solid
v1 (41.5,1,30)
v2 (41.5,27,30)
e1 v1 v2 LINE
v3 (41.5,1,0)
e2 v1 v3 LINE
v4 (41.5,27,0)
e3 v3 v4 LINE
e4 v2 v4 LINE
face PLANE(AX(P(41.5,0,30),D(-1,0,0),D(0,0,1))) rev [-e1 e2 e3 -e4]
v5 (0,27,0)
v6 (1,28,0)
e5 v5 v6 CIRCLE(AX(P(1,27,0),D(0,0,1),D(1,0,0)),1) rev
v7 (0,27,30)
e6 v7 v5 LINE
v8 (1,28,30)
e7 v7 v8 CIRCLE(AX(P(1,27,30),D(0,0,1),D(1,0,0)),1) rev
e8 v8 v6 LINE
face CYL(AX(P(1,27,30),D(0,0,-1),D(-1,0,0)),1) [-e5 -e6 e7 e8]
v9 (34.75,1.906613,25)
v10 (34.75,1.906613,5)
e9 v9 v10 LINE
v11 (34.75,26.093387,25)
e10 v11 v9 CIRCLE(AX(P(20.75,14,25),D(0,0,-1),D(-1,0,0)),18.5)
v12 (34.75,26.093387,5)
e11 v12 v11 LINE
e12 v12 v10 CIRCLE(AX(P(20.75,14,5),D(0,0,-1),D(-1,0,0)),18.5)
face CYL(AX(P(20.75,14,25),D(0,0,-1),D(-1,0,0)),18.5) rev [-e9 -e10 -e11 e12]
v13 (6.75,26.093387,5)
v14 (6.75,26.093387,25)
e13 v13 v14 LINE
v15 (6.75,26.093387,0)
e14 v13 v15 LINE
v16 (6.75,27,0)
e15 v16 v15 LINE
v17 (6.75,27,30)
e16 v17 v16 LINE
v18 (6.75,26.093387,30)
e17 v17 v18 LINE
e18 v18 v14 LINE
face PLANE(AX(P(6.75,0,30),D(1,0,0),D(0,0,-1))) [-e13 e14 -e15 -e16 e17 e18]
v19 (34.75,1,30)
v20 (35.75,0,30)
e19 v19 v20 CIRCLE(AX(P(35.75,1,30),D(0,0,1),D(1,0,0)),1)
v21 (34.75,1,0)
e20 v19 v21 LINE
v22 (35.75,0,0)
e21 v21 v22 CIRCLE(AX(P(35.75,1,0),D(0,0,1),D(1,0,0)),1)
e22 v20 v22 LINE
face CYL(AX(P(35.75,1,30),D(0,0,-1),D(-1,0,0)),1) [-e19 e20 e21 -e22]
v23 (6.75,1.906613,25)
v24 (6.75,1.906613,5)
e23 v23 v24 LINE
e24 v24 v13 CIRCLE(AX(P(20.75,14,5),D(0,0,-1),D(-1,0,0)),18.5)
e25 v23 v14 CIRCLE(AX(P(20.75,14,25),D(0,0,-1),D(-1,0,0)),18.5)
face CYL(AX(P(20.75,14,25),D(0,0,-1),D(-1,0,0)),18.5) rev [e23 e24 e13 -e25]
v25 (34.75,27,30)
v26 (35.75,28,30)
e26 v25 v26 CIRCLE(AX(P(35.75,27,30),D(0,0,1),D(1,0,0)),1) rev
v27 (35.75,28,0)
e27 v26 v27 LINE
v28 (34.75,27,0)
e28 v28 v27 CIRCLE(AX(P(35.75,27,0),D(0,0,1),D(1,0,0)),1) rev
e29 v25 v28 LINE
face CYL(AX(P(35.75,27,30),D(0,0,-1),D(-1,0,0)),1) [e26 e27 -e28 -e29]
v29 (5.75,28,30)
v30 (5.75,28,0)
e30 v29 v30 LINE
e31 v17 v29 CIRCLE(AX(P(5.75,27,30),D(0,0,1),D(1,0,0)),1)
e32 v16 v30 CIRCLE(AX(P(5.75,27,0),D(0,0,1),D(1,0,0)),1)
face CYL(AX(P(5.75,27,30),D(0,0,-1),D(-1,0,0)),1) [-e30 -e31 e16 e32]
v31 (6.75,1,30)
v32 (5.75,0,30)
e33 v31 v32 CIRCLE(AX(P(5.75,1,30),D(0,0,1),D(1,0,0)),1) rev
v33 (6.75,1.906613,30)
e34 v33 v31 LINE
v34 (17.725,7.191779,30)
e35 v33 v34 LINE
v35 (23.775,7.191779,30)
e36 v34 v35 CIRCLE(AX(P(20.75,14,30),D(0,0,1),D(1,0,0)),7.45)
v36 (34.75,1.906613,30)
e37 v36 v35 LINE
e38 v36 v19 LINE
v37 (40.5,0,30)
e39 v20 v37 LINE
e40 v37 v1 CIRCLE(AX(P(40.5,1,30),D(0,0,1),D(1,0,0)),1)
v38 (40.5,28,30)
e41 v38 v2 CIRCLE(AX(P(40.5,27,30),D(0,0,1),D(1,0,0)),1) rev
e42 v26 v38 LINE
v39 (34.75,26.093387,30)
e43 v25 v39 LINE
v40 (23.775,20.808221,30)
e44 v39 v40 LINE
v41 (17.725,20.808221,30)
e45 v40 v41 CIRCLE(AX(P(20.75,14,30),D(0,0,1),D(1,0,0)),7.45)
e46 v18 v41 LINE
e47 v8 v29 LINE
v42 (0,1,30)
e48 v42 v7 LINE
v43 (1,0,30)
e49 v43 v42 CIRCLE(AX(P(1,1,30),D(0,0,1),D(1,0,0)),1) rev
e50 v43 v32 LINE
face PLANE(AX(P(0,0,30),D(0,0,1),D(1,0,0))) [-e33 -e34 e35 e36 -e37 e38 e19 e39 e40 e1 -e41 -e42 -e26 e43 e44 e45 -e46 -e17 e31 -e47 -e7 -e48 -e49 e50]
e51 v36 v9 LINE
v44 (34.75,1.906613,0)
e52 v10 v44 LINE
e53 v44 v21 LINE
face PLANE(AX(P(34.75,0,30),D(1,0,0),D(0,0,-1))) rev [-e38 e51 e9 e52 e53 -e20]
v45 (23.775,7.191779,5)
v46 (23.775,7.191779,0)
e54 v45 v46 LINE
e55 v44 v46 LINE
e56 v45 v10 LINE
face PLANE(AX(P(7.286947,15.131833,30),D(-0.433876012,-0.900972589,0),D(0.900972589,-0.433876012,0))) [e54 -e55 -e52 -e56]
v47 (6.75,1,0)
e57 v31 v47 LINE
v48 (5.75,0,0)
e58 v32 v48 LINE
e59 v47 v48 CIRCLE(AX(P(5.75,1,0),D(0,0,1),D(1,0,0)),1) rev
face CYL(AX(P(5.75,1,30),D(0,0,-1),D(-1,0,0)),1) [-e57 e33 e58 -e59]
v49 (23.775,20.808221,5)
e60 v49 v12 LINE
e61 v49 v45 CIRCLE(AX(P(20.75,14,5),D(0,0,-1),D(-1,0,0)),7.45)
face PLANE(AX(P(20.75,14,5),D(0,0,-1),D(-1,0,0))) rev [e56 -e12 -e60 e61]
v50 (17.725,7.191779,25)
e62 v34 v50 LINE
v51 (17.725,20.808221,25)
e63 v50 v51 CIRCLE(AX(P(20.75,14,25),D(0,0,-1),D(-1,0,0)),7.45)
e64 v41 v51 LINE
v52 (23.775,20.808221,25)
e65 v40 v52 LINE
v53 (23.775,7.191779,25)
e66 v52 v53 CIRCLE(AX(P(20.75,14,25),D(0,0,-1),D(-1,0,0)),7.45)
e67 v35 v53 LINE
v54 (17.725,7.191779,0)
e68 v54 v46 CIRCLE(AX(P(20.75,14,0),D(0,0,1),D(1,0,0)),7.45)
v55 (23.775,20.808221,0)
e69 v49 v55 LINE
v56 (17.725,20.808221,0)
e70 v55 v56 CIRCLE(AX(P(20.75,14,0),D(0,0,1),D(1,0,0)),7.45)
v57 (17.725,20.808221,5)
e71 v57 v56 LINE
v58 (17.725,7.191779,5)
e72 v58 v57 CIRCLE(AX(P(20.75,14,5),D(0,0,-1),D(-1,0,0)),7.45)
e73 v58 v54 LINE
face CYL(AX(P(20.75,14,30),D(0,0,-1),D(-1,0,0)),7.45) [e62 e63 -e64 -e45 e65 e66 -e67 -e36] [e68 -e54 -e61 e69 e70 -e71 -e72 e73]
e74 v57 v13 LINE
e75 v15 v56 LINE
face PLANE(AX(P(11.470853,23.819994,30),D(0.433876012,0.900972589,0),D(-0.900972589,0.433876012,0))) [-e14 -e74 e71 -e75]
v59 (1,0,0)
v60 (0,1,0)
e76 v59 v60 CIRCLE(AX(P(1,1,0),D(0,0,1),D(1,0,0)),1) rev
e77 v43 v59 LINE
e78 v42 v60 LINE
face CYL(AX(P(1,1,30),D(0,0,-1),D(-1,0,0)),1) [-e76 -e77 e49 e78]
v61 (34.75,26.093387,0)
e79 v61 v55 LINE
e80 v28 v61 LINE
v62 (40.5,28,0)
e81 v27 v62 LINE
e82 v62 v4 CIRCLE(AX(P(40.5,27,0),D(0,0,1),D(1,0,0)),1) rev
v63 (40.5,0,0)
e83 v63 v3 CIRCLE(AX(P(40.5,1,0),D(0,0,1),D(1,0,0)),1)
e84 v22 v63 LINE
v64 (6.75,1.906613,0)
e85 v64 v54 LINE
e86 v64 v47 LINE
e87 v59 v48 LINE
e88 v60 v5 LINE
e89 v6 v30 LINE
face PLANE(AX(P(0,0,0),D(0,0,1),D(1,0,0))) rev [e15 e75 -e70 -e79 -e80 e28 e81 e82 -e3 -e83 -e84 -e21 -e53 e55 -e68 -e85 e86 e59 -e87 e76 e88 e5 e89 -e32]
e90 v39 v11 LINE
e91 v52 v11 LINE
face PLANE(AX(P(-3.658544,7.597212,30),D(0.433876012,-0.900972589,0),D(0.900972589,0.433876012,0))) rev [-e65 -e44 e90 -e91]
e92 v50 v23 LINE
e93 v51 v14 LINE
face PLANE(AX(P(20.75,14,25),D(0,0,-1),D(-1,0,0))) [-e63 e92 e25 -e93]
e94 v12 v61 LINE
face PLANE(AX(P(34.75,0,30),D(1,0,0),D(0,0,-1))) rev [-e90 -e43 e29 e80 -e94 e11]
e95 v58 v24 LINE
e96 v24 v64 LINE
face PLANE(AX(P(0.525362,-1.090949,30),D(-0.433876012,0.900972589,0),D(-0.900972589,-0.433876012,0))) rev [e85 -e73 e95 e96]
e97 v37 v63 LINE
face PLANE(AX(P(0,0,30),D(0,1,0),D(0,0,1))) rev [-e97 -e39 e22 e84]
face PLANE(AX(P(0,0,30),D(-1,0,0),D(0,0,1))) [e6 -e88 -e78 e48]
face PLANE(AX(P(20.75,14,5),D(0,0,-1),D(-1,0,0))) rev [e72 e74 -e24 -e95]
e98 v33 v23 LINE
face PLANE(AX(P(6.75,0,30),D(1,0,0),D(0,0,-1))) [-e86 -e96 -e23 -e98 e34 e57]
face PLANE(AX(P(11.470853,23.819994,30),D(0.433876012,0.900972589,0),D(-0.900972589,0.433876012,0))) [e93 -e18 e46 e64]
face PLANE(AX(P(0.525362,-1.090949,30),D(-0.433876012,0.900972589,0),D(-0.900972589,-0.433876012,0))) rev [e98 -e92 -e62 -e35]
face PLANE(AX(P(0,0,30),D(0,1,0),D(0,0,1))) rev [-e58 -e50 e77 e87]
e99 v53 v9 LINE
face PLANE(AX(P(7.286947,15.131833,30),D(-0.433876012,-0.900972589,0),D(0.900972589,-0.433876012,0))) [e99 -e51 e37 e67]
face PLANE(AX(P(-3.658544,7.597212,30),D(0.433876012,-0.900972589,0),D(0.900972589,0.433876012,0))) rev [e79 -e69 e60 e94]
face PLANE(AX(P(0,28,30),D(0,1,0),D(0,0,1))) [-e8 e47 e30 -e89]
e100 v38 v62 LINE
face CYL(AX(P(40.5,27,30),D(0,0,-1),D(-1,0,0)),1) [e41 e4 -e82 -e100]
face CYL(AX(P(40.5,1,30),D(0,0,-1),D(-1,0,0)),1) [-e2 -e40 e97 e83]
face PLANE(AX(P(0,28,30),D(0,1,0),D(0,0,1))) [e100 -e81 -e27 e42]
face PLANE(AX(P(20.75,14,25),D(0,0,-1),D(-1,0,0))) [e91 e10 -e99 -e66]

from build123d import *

# Parameters (mm, degrees)
BOSS_EXTRUDE2_DEPTH = 30
CUT_EXTRUDE1_START  = -5
SKETCH4_R           = 18.5
SKETCH4_R_2         = 7.45
CUT_EXTRUDE1_DEPTH  = 20


with BuildPart() as part:
    # Sketch1 → Boss-Extrude2 (new body)
    with BuildSketch(Plane.XY):
        with BuildLine():
            ThreePointArc((0, 1), (0.292893219, 0.292893219), (1, 0))
            Line((1, 0), (5.75, 0))
            ThreePointArc((5.75, 0), (6.457106781, 0.292893219), (6.75, 1))
            Line((6.75, 1), (6.75, 1.906613378))
            Line((6.75, 1.906613378), (17.725, 7.191778867))
            ThreePointArc((17.725, 7.191778867), (13.3, 14), (17.725, 20.808221133))
            Line((17.725, 20.808221133), (6.75, 26.093386622))
            Line((6.75, 26.093386622), (6.75, 27))
            ThreePointArc((6.75, 27), (6.457106781, 27.707106781), (5.75, 28))
            Line((5.75, 28), (1, 28))
            ThreePointArc((1, 28), (0.292893219, 27.707106781), (0, 27))
            Line((0, 27), (0, 1))
        make_face()
        with BuildLine():
            ThreePointArc((17.725, 20.808221133), (13.3, 14), (17.725, 7.191778867))
            ThreePointArc((17.725, 7.191778867), (20.75, 6.55), (23.775, 7.191778867))
            ThreePointArc((23.775, 7.191778867), (26.996549047, 9.940058498), (28.2, 14))
            ThreePointArc((28.2, 14), (26.996549047, 18.059941502), (23.775, 20.808221133))
            ThreePointArc((23.775, 20.808221133), (20.75, 21.45), (17.725, 20.808221133))
        make_face()
        with BuildLine():
            ThreePointArc((28.2, 14), (26.996549047, 9.940058498), (23.775, 7.191778867))
            Line((23.775, 7.191778867), (34.75, 1.906613378))
            Line((34.75, 1.906613378), (34.75, 1))
            ThreePointArc((34.75, 1), (35.042893219, 0.292893219), (35.75, 0))
            Line((35.75, 0), (40.5, 0))
            ThreePointArc((40.5, 0), (41.207106781, 0.292893219), (41.5, 1))
            Line((41.5, 1), (41.5, 27))
            ThreePointArc((41.5, 27), (41.207106781, 27.707106781), (40.5, 28))
            Line((40.5, 28), (35.75, 28))
            ThreePointArc((35.75, 28), (35.042893219, 27.707106781), (34.75, 27))
            Line((34.75, 27), (34.75, 26.093386622))
            Line((34.75, 26.093386622), (23.775, 20.808221133))
            ThreePointArc((23.775, 20.808221133), (26.996549047, 18.059941502), (28.2, 14))
        make_face()
    extrude(amount=BOSS_EXTRUDE2_DEPTH)

    # Sketch4 → Cut-Extrude1 (cut)
    with BuildSketch(Plane(origin=(0, 0, 0), x_dir=(-1, 0, 0), z_dir=(0, 0, -1)).offset(CUT_EXTRUDE1_START)):
        with Locations((-20.75, 14)):
            Circle(SKETCH4_R)
        with Locations(Location((-20.75, 14, 0), (0, 0, 293.956332154))):
            Circle(SKETCH4_R_2, mode=Mode.SUBTRACT)
    extrude(amount=-CUT_EXTRUDE1_DEPTH, mode=Mode.SUBTRACT)


solid = part.part
